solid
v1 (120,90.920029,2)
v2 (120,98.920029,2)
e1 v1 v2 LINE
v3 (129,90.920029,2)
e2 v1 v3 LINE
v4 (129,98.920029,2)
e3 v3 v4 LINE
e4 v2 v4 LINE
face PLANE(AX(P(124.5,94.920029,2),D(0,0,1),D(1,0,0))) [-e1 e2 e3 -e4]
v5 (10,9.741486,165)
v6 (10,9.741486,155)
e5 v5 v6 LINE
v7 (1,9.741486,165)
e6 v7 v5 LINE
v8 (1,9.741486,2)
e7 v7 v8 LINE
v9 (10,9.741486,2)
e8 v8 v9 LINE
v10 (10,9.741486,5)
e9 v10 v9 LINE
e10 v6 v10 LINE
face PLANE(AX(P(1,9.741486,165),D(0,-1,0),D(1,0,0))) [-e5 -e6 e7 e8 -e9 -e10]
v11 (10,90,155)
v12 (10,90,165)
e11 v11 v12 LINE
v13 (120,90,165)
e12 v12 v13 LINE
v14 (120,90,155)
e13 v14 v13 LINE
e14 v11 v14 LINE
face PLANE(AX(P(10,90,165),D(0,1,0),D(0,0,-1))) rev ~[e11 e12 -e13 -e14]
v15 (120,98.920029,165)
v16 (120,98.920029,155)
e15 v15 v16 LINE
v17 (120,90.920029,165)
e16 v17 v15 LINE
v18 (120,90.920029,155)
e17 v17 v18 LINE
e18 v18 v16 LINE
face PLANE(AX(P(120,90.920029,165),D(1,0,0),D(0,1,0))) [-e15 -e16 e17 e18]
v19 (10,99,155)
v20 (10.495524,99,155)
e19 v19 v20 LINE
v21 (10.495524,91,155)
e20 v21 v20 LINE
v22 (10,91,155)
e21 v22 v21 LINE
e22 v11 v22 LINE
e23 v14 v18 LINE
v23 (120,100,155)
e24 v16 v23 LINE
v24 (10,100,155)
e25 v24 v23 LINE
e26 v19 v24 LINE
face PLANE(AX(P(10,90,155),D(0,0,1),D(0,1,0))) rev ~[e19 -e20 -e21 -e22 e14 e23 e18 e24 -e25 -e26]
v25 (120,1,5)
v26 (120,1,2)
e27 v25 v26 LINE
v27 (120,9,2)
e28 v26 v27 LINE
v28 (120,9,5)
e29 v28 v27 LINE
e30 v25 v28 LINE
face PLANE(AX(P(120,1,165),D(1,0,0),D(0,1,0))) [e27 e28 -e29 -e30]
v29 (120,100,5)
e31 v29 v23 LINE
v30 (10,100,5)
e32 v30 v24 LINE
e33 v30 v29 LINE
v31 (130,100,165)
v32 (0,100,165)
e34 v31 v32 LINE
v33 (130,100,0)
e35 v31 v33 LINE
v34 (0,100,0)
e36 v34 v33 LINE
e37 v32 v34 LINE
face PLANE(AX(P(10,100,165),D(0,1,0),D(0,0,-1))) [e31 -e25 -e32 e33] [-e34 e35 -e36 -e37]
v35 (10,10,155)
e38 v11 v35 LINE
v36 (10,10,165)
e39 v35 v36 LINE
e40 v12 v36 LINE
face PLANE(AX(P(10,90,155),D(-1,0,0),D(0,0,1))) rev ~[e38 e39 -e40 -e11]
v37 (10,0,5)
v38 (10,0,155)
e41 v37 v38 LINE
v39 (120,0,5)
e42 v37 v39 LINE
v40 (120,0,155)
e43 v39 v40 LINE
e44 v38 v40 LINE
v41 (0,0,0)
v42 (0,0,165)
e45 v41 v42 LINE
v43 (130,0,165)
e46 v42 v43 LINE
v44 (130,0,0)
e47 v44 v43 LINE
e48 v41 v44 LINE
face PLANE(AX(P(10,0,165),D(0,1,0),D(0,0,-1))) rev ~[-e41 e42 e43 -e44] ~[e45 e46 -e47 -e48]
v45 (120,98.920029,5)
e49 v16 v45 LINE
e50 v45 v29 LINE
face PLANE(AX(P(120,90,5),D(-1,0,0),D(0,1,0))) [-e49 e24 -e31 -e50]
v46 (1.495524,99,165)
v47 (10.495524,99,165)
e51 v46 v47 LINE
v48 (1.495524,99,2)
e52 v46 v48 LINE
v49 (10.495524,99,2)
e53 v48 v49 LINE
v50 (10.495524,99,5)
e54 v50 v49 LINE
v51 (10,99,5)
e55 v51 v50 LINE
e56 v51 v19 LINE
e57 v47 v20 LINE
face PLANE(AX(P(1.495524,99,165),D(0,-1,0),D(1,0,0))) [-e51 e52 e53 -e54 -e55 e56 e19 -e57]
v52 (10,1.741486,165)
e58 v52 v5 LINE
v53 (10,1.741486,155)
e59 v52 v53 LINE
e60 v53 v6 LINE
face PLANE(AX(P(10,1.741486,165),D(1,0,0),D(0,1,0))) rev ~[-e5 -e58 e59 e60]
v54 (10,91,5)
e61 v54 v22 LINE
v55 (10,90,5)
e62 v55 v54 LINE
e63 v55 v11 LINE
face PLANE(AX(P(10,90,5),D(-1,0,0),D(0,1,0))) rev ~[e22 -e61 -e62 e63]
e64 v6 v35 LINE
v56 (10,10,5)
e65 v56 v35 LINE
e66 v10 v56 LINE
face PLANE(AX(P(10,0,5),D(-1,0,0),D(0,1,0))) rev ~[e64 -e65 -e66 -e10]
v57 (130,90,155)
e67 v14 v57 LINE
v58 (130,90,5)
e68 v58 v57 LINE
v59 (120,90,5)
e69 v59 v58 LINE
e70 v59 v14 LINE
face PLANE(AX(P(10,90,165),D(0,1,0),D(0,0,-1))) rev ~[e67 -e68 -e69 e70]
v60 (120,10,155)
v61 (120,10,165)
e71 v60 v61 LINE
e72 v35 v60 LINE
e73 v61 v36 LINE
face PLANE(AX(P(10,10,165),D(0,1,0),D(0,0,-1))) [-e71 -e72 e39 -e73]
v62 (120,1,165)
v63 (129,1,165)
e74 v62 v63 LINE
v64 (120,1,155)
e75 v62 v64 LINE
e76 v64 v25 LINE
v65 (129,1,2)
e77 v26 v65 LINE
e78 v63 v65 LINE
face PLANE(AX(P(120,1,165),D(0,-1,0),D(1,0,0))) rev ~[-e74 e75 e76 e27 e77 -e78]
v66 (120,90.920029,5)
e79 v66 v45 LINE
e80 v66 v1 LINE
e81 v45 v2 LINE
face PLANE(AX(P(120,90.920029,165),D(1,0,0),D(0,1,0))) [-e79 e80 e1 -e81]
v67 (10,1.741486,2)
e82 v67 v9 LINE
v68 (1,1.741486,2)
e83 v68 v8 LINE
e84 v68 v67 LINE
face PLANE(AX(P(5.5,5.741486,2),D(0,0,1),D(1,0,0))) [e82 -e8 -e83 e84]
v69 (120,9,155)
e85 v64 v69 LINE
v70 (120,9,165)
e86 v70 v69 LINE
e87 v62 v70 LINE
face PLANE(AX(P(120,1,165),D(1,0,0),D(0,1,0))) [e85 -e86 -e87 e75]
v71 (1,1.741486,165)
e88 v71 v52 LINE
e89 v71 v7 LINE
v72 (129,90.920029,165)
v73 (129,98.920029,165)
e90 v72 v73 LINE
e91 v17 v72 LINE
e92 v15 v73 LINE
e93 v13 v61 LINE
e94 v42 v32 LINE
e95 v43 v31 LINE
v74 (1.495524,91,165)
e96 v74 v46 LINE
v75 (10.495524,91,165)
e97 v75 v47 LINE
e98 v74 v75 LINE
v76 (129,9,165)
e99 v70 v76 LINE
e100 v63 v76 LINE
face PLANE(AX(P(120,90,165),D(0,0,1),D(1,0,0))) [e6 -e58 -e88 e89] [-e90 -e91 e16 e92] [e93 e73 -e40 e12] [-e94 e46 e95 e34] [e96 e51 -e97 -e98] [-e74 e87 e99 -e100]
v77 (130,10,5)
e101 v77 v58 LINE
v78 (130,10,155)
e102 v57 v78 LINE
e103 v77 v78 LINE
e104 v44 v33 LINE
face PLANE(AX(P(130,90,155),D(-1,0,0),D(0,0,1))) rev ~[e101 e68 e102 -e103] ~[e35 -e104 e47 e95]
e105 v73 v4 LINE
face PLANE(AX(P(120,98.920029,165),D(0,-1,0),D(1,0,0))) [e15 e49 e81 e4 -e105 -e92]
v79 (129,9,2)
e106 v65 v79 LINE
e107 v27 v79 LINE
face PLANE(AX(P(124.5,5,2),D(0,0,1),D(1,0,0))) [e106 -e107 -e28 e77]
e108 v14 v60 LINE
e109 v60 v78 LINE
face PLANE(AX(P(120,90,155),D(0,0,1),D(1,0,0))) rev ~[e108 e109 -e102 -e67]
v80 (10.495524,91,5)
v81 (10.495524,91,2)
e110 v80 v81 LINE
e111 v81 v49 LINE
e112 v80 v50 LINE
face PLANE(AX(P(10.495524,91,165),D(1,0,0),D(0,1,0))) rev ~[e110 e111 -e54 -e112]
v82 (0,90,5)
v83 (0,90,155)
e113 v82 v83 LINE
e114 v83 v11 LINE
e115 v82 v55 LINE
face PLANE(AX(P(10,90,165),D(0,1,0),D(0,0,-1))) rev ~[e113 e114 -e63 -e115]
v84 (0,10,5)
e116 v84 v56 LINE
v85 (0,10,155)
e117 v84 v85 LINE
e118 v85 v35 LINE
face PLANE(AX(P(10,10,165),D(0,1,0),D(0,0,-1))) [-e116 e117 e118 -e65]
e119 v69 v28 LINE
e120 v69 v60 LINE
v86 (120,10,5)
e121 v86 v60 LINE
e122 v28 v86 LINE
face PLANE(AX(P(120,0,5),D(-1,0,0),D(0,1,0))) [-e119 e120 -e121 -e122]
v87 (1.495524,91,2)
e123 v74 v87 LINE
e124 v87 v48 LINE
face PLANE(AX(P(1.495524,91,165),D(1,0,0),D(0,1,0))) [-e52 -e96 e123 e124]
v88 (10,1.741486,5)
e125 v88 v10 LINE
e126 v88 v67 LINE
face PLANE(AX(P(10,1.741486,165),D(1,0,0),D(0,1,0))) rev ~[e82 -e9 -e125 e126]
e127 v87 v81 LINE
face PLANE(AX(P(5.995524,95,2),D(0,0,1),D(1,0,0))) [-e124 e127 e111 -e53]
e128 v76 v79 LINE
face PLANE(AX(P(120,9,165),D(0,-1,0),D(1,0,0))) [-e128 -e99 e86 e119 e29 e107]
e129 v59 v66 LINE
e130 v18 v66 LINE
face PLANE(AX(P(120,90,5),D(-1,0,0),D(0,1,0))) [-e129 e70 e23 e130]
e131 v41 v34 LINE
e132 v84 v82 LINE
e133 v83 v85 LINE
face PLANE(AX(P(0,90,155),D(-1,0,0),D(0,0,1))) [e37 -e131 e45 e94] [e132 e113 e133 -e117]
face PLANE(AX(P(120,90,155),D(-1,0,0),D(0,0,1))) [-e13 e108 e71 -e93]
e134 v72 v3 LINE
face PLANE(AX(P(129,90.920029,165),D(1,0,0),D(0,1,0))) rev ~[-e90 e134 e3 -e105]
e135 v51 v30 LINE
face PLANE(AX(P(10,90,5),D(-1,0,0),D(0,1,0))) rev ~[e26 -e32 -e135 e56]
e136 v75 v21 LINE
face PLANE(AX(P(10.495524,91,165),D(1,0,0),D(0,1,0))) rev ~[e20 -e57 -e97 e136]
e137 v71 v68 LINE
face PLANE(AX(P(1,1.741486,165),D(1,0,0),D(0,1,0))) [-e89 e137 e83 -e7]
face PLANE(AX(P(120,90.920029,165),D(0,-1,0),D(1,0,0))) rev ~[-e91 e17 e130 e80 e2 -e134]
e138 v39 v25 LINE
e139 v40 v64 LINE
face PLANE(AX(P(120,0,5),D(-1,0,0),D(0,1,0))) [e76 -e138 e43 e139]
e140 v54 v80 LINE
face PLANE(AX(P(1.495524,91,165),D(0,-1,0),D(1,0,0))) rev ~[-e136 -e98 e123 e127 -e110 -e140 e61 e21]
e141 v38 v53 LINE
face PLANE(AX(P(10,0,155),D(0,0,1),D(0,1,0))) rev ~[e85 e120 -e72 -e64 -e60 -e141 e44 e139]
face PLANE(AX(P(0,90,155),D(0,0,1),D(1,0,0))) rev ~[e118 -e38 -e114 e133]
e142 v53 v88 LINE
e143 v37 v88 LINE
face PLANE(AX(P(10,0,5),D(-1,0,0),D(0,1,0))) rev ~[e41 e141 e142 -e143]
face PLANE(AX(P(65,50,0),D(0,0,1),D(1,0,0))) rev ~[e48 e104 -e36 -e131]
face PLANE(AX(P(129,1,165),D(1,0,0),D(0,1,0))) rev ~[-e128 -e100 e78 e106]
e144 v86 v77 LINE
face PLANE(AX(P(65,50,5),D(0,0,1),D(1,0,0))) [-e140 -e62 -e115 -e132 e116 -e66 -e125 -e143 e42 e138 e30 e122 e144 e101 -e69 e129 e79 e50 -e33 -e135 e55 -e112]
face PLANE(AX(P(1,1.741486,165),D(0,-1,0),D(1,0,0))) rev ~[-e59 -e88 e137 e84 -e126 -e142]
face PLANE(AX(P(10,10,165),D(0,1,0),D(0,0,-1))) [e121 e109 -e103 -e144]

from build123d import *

# Parameters (mm, degrees)
SKETCH1_W           = 130
SKETCH1_H           = 100
BOSS_EXTRUDE1_DEPTH = 5
SKETCH2_W           = 10
SKETCH2_H           = 10
BOSS_EXTRUDE2_DEPTH = 160
SKETCH3_W           = 10
SKETCH3_H           = 10
BOSS_EXTRUDE3_DEPTH = 110
SKETCH4_W           = 10
SKETCH4_H           = 10
BOSS_EXTRUDE4_DEPTH = 110
SKETCH5_W           = 10
SKETCH5_H           = 10
BOSS_EXTRUDE5_DEPTH = 80
SKETCH6_W           = 10
SKETCH6_H           = 10
BOSS_EXTRUDE6_DEPTH = 80
SKETCH9_W           = 9
SKETCH9_H           = 8
CUT_EXTRUDE4_DEPTH  = 163


with BuildPart() as part:
    # Sketch1 → Boss-Extrude1 (new body)
    with BuildSketch(Plane.XY):
        with Locations((65, 50)):
            Rectangle(SKETCH1_W, SKETCH1_H)
    extrude(amount=BOSS_EXTRUDE1_DEPTH)

    # Sketch2 → Boss-Extrude2 (add)
    with BuildSketch(Plane.XY.offset(5)):
        with Locations((5, 95)):
            Rectangle(SKETCH2_W, SKETCH2_H)
        with Locations((125, 95)):
            Rectangle(SKETCH2_W, SKETCH2_H)
        with Locations((5, 5)):
            Rectangle(SKETCH2_W, SKETCH2_H)
        with Locations((125, 5)):
            Rectangle(SKETCH2_W, SKETCH2_H)
    extrude(amount=BOSS_EXTRUDE2_DEPTH)

    # Sketch3 → Boss-Extrude3 (add)
    with BuildSketch(Plane(origin=(10, 0, 0), x_dir=(0, 0, -1), z_dir=(1, 0, 0))):
        with Locations((-160, 5)):
            Rectangle(SKETCH3_W, SKETCH3_H)
    extrude(amount=BOSS_EXTRUDE3_DEPTH)

    # Sketch4 → Boss-Extrude4 (add)
    with BuildSketch(Plane(origin=(10, 0, 0), x_dir=(0, 0, -1), z_dir=(1, 0, 0))):
        with Locations((-160, 95)):
            Rectangle(SKETCH4_W, SKETCH4_H)
    extrude(amount=BOSS_EXTRUDE4_DEPTH)

    # Sketch5 → Boss-Extrude5 (add)
    with BuildSketch(Plane.XZ.offset(-90)):
        with Locations((5, 160)):
            Rectangle(SKETCH5_W, SKETCH5_H)
    extrude(amount=BOSS_EXTRUDE5_DEPTH)

    # Sketch6 → Boss-Extrude6 (add)
    with BuildSketch(Plane.XZ.offset(-90)):
        with Locations((125, 160)):
            Rectangle(SKETCH6_W, SKETCH6_H)
    extrude(amount=BOSS_EXTRUDE6_DEPTH)

    # Sketch9 → Cut-Extrude4 (cut)
    with BuildSketch(Plane.XY.offset(165)):
        with Locations((124.5, 94.920029207)):
            Rectangle(SKETCH9_W, SKETCH9_H)
        with Locations((124.5, 5)):
            Rectangle(SKETCH9_W, SKETCH9_H)
        with Locations((5.5, 5.741486023)):
            Rectangle(SKETCH9_W, SKETCH9_H)
        with Locations((5.995524186, 95)):
            Rectangle(SKETCH9_W, SKETCH9_H)
    extrude(amount=-CUT_EXTRUDE4_DEPTH, mode=Mode.SUBTRACT)


solid = part.part
